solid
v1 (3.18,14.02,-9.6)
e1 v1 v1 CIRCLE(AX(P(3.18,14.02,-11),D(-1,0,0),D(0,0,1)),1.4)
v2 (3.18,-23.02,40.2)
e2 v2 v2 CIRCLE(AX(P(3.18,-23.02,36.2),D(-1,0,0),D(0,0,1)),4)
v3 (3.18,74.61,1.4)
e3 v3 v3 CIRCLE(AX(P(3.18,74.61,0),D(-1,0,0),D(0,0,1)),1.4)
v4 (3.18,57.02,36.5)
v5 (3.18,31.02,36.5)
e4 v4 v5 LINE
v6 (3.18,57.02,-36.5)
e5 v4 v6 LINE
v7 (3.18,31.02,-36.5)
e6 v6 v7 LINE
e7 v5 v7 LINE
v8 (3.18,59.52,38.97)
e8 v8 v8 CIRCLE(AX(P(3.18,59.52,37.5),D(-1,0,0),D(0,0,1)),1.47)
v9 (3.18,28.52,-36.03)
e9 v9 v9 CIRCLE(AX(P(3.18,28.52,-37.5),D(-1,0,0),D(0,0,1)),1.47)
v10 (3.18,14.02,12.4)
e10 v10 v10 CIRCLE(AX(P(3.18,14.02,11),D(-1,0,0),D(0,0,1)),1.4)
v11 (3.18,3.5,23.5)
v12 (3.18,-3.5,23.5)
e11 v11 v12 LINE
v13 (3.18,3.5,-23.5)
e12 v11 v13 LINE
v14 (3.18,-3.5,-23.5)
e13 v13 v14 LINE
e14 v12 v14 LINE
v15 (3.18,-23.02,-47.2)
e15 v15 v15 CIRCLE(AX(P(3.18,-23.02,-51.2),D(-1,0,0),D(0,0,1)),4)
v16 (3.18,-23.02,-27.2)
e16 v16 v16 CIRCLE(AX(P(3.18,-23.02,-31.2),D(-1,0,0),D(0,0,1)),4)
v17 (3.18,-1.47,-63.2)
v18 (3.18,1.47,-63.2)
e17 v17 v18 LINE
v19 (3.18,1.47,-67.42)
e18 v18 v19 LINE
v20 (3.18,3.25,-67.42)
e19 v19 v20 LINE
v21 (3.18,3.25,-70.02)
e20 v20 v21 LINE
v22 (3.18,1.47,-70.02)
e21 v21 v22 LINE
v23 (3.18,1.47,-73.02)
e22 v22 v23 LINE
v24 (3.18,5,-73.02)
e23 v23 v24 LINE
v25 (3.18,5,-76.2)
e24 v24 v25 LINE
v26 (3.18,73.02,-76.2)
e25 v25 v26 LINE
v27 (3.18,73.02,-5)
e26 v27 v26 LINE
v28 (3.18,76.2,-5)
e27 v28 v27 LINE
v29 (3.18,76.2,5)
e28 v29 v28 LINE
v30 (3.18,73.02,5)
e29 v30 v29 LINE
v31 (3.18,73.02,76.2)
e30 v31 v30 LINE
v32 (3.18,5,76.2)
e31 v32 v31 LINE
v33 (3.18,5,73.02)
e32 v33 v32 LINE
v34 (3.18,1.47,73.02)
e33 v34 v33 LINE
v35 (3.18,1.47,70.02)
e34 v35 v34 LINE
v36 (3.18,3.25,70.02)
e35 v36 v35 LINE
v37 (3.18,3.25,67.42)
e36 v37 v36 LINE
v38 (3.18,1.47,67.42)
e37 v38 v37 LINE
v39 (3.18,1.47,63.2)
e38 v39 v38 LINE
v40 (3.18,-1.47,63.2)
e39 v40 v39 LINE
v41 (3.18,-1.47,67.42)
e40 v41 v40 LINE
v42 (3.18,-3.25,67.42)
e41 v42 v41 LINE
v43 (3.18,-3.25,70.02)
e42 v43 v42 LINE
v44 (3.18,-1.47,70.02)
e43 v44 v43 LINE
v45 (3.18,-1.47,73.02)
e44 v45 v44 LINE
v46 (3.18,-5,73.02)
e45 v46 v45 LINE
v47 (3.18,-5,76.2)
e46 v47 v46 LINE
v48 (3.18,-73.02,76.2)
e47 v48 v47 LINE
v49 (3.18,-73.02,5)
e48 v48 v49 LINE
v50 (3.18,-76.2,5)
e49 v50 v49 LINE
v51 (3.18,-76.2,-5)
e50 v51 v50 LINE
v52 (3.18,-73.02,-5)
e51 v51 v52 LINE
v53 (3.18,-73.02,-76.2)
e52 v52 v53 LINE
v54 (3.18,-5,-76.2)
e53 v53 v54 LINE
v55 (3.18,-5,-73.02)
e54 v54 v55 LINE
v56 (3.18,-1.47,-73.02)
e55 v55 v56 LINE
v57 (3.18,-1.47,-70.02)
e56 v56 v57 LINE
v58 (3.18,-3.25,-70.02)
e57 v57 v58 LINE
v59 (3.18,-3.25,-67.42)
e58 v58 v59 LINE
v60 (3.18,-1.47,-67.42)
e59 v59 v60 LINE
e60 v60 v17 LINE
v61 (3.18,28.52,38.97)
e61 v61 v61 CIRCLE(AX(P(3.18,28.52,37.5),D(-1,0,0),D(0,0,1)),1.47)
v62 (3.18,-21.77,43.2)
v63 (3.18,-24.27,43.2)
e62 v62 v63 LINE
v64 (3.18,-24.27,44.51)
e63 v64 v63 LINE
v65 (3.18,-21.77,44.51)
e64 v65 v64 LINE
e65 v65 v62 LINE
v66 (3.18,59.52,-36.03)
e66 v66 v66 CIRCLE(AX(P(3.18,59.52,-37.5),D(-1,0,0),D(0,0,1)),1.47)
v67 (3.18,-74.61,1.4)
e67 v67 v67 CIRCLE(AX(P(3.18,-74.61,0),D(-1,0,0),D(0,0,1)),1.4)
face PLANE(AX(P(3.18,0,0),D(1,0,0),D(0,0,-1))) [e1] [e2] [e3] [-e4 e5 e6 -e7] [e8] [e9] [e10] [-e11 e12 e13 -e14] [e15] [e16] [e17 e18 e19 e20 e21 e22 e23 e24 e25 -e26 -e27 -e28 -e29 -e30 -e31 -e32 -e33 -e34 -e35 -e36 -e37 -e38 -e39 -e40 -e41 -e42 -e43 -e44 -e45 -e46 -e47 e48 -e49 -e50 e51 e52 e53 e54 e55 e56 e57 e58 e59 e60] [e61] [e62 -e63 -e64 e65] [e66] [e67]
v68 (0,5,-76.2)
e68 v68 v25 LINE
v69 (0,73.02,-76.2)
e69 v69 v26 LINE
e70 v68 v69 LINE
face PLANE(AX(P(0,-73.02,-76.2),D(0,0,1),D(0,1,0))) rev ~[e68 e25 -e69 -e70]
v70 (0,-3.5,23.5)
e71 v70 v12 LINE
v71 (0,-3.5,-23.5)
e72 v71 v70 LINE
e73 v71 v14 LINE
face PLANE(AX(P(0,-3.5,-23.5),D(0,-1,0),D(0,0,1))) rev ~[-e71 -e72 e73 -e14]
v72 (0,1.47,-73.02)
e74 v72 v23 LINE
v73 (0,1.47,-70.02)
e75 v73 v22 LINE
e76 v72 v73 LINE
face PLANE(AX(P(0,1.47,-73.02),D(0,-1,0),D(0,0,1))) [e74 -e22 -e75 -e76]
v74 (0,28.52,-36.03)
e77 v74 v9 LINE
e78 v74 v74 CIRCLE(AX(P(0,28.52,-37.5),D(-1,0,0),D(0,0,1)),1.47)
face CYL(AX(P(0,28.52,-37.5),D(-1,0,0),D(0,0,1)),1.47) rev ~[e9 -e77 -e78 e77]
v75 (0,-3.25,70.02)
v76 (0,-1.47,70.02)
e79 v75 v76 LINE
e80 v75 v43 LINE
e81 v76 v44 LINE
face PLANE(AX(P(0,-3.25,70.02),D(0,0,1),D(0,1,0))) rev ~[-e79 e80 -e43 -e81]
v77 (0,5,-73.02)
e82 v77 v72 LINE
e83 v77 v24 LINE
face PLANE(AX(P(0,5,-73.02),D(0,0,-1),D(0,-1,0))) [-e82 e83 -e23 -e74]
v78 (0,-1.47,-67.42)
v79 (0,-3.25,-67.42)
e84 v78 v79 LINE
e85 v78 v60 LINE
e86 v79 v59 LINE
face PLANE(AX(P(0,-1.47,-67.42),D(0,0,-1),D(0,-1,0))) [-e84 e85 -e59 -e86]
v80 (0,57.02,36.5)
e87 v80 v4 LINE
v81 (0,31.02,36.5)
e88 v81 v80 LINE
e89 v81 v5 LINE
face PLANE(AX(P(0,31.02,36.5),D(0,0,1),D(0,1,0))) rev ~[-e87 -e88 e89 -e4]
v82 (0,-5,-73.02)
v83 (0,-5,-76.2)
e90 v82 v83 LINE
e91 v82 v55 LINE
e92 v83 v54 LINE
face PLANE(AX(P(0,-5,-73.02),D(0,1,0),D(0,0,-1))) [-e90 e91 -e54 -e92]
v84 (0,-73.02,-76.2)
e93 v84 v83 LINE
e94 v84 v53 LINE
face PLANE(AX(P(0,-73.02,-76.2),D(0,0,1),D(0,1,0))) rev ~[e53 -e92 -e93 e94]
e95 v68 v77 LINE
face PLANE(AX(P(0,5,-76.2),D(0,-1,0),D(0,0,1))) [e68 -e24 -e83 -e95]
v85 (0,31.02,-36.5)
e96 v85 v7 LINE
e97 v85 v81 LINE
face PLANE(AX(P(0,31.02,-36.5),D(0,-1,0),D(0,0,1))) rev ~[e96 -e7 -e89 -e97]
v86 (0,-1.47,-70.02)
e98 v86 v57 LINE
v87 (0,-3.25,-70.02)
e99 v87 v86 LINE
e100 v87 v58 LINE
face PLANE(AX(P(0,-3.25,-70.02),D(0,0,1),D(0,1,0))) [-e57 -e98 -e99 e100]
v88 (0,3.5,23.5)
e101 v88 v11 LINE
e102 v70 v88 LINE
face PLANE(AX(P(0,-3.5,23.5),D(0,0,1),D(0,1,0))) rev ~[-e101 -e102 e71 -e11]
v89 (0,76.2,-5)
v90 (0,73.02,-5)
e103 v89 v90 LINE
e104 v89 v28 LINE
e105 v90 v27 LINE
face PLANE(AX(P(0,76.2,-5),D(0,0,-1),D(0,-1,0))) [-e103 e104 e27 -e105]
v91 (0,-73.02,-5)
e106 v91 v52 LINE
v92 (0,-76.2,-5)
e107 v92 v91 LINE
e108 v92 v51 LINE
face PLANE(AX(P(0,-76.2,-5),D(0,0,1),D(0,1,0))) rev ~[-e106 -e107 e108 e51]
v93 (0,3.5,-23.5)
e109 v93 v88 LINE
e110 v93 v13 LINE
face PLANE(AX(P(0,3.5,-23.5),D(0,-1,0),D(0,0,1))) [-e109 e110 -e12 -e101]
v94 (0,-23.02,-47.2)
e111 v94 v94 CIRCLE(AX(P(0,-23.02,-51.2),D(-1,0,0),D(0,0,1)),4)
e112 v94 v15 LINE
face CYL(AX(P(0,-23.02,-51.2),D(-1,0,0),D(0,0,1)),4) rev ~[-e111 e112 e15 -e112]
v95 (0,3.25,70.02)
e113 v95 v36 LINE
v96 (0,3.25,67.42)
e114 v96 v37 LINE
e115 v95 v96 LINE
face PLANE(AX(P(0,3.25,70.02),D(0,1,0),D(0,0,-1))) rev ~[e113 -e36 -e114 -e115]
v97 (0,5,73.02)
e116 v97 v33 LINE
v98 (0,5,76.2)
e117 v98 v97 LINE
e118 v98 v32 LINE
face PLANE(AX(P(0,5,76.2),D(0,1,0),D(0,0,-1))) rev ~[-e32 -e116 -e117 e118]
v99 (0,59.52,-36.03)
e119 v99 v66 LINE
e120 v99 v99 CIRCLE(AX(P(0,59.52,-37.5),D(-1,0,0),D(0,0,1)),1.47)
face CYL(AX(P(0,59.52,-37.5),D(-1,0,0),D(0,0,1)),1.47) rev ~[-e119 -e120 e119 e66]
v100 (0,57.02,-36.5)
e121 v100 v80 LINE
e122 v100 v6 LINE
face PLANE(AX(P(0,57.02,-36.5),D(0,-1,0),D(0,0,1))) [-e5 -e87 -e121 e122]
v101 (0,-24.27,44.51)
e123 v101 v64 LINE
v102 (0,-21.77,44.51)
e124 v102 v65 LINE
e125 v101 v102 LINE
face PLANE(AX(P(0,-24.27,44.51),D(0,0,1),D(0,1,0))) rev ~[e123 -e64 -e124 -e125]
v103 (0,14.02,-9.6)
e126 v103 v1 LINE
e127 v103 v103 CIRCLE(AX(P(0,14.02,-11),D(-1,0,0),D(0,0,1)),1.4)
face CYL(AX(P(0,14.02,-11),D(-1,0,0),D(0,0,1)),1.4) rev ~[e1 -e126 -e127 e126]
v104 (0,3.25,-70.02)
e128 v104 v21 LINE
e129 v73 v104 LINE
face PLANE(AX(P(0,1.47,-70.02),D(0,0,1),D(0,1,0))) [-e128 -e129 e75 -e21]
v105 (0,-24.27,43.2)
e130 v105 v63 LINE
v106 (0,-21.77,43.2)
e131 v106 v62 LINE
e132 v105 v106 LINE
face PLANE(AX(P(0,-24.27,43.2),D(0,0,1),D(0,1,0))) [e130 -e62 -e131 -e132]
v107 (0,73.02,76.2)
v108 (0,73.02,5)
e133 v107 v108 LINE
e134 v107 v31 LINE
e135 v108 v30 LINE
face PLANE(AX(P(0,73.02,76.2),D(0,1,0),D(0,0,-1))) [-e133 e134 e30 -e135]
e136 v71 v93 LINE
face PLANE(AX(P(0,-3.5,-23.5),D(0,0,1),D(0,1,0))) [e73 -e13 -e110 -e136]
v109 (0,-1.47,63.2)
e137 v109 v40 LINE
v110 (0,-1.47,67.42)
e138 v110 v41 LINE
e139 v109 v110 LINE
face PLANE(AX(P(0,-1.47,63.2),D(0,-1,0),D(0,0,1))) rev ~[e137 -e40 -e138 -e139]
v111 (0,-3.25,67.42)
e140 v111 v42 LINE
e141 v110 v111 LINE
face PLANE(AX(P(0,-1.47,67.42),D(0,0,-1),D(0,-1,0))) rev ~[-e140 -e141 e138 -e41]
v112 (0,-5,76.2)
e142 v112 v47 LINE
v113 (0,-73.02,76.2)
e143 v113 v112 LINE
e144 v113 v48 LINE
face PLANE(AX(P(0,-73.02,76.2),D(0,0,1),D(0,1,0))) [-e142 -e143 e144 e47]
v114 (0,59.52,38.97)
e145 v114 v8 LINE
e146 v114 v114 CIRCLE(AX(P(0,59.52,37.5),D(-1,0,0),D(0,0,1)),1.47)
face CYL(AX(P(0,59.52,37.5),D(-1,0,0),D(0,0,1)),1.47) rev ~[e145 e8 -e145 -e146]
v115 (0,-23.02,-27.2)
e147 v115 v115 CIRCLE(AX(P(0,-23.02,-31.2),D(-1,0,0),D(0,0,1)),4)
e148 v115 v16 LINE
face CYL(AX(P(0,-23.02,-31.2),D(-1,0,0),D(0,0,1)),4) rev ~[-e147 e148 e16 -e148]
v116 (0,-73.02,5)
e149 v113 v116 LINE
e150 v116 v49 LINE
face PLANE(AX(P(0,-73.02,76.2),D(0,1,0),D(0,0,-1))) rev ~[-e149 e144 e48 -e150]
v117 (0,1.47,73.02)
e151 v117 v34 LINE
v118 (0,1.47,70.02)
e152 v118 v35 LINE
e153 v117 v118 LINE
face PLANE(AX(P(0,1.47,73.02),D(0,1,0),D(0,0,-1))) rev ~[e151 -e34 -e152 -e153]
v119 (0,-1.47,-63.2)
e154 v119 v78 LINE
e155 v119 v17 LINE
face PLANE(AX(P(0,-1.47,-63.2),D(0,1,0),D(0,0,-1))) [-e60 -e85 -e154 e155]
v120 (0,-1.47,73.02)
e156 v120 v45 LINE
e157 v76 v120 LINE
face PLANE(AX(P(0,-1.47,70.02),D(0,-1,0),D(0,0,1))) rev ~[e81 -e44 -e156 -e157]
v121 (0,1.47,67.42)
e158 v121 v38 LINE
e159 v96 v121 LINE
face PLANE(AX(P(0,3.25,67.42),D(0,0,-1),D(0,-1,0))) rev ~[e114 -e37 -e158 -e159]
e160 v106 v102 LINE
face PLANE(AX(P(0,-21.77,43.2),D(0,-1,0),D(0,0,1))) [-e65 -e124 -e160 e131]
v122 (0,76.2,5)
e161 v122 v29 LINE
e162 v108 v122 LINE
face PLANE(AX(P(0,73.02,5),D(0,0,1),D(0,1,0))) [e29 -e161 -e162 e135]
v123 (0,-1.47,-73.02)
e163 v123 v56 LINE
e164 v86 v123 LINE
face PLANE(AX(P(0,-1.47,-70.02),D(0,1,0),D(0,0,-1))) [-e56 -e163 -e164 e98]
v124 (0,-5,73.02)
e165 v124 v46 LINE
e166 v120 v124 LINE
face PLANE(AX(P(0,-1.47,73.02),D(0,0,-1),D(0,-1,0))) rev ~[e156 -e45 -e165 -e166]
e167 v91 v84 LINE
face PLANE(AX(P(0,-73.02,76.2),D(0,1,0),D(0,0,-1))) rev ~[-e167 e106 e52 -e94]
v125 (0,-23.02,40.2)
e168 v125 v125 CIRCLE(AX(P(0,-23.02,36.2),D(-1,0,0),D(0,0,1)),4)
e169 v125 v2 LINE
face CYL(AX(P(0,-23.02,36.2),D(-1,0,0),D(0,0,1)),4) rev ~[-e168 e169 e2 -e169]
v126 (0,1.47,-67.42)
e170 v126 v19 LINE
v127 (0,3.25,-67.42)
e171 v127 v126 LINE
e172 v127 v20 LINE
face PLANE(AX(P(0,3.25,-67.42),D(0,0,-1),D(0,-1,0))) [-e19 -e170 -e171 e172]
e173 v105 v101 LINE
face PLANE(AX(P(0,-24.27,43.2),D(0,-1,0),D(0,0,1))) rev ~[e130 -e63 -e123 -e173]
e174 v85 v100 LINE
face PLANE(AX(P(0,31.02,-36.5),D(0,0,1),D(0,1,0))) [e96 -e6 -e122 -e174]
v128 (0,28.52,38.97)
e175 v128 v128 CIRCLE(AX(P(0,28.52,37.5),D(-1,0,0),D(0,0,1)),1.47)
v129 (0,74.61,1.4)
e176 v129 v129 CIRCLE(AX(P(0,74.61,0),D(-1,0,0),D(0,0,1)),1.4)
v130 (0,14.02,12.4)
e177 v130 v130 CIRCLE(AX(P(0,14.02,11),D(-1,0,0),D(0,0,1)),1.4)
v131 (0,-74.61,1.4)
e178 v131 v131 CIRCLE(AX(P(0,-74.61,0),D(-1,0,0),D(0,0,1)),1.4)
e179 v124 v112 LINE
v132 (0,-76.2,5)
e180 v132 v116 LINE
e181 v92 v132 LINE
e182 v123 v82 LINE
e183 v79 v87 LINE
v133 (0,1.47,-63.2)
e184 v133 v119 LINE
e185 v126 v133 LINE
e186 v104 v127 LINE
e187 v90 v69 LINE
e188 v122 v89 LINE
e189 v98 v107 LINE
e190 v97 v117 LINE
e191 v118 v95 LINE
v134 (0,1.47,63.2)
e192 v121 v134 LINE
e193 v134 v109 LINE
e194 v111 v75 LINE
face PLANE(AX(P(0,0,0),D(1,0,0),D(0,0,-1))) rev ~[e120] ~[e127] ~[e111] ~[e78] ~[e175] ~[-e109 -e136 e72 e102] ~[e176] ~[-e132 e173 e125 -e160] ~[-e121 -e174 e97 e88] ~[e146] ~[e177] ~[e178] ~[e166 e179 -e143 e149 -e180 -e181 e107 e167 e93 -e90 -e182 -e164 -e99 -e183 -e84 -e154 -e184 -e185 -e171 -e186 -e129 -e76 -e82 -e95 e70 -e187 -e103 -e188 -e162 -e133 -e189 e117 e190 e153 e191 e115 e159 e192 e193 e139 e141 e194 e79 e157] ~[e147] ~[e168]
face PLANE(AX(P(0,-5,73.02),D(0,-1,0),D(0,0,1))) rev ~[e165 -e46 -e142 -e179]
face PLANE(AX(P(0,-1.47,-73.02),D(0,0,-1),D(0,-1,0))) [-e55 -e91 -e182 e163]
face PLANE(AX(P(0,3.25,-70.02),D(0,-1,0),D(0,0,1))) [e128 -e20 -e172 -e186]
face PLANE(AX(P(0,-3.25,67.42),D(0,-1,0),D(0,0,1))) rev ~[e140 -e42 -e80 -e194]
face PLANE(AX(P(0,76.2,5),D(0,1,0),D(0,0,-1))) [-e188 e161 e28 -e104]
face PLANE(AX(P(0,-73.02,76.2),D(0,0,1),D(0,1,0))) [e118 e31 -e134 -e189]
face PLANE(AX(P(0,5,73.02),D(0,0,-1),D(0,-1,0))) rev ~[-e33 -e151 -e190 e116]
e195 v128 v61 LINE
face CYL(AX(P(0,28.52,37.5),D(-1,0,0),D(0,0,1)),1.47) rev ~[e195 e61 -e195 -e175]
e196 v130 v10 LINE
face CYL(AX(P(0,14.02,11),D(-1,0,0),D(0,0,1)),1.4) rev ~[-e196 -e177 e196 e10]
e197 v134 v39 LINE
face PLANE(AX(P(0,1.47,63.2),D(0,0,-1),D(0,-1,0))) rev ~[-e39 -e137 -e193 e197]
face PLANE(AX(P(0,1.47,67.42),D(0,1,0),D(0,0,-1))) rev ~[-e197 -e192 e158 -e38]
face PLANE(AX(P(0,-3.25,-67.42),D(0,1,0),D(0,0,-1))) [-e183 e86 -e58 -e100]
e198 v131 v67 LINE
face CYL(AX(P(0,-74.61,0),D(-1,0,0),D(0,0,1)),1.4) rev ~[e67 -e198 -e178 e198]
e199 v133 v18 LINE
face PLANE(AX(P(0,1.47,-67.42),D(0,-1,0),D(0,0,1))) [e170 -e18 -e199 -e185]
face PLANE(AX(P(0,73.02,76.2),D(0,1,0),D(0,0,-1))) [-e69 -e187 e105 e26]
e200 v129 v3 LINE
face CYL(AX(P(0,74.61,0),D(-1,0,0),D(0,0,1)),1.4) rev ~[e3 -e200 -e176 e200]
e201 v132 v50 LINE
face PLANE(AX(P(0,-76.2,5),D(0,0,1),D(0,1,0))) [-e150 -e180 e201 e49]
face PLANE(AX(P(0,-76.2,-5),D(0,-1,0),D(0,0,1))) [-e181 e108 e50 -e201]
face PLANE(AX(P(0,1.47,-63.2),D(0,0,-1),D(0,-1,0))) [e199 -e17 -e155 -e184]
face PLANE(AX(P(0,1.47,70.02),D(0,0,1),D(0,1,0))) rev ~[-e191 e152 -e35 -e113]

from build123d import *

# Parameters (mm, degrees)
SKETCH1_W               = 152.4
SKETCH1_H               = 146.04
BOSS_EXTRUDE1_DEPTH     = 3.18
SKETCH3_R               = 1.4
SKETCH3_W               = 10
SKETCH3_H               = 3.18
BOSS_EXTRUDE5_DEPTH     = 3.18
CUT_EXTRUDE2_DEPTH      = 4.18
CUT_EXTRUDE3_DEPTH      = 4.18
SKETCH6_W               = 73
SKETCH6_H               = 26
CUT_EXTRUDE4_DEPTH      = 10
SKETCH7_R               = 1.47
CUT_EXTRUDE5_DEPTH      = 4.18
SKETCH8_R               = 4
CUT_EXTRUDE6_DEPTH      = 4.18
SKETCH9_W               = 47
SKETCH9_H               = 7
CUT_EXTRUDE7_DEPTH      = 1
CUT_EXTRUDE7_DEPTH_BACK = 4.18
SKETCH10_W              = 1.31
SKETCH10_H              = 2.5
CUT_EXTRUDE8_DEPTH      = 4.18
SKETCH11_R              = 1.4
CUT_EXTRUDE9_DEPTH      = 4.18


with BuildPart() as part:
    # Sketch1 → Boss-Extrude1 (new body)
    with BuildSketch(Plane(origin=(0, 0, 0), x_dir=(0, 0, -1), z_dir=(1, 0, 0))):
        Rectangle(SKETCH1_W, SKETCH1_H)
    extrude(amount=BOSS_EXTRUDE1_DEPTH)

    # Sketch3 → Boss-Extrude5 (add)
    with BuildSketch(Plane.ZY):
        Polygon((0, 73.02), (5, 73.02), (5, 76.2), (-5, 76.2), (-5, 73.02), align=None)
        with Locations((0, 74.61)):
            Circle(SKETCH3_R, mode=Mode.SUBTRACT)
        with Locations((0, -74.61)):
            Rectangle(SKETCH3_W, SKETCH3_H)
        with Locations((0, -74.61)):
            Circle(SKETCH3_R, mode=Mode.SUBTRACT)
    extrude(amount=-BOSS_EXTRUDE5_DEPTH)

    # Sketch4 → Cut-Extrude2 (cut, through all)
    with BuildSketch(Plane(origin=(0, 0, 0), x_dir=(0, 0, -1), z_dir=(1, 0, 0))):
        Polygon((-76.2, -5), (-76.2, 5), (-73.02, 5), (-73.02, 1.47), (-70.02, 1.47), (-70.02, 3.25), (-67.42, 3.25), (-67.42, 1.47), (-63.2, 1.47), (-63.2, -1.47), (-67.42, -1.47), (-67.42, -3.25), (-70.02, -3.25), (-70.02, -1.47), (-73.02, -1.47), (-73.02, -5), align=None)
    extrude(amount=CUT_EXTRUDE2_DEPTH, mode=Mode.SUBTRACT)

    # Sketch5 → Cut-Extrude3 (cut, through all)
    with BuildSketch(Plane.ZY):
        Polygon((-70.02, -1.47), (-73.02, -1.47), (-73.02, -5), (-76.2, -5), (-76.2, 5), (-73.02, 5), (-73.02, 1.47), (-70.02, 1.47), (-70.02, 3.25), (-67.42, 3.25), (-67.42, 1.47), (-63.2, 1.47), (-63.2, -1.47), (-67.42, -1.47), (-67.42, -3.25), (-70.02, -3.25), align=None)
    extrude(amount=-CUT_EXTRUDE3_DEPTH, mode=Mode.SUBTRACT)

    # Sketch6 → Cut-Extrude4 (cut)
    with BuildSketch(Plane.ZY):
        with Locations((0, 44.02)):
            Rectangle(SKETCH6_W, SKETCH6_H)
    extrude(amount=-CUT_EXTRUDE4_DEPTH, mode=Mode.SUBTRACT)

    # Sketch7 → Cut-Extrude5 (cut, through all)
    with BuildSketch(Plane.ZY):
        with Locations((-37.5, 59.52)):
            Circle(SKETCH7_R)
        with Locations((-37.5, 28.52)):
            Circle(SKETCH7_R)
        with Locations((37.5, 59.52)):
            Circle(SKETCH7_R)
        with Locations((37.5, 28.52)):
            Circle(SKETCH7_R)
    extrude(amount=-CUT_EXTRUDE5_DEPTH, mode=Mode.SUBTRACT)

    # Sketch8 → Cut-Extrude6 (cut, through all)
    with BuildSketch(Plane.ZY):
        with Locations((-51.2, -23.02)):
            Circle(SKETCH8_R)
        with Locations((-31.2, -23.02)):
            Circle(SKETCH8_R)
        with Locations((36.2, -23.02)):
            Circle(SKETCH8_R)
    extrude(amount=-CUT_EXTRUDE6_DEPTH, mode=Mode.SUBTRACT)

    # Sketch9 → Cut-Extrude7 (cut, two sides)
    with BuildSketch(Plane.ZY) as cut_extrude7_sk:
        Rectangle(SKETCH9_W, SKETCH9_H)
    extrude(amount=CUT_EXTRUDE7_DEPTH, mode=Mode.SUBTRACT)
    extrude(cut_extrude7_sk.sketch, amount=-CUT_EXTRUDE7_DEPTH_BACK, mode=Mode.SUBTRACT)

    # Sketch10 → Cut-Extrude8 (cut, through all)
    with BuildSketch(Plane.ZY):
        with Locations((43.855, -23.02)):
            Rectangle(SKETCH10_W, SKETCH10_H)
    extrude(amount=-CUT_EXTRUDE8_DEPTH, mode=Mode.SUBTRACT)

    # Sketch11 → Cut-Extrude9 (cut, through all)
    with BuildSketch(Plane.ZY):
        with Locations((-11, 14.02)):
            Circle(SKETCH11_R)
        with Locations((11, 14.02)):
            Circle(SKETCH11_R)
    extrude(amount=-CUT_EXTRUDE9_DEPTH, mode=Mode.SUBTRACT)


solid = part.part
